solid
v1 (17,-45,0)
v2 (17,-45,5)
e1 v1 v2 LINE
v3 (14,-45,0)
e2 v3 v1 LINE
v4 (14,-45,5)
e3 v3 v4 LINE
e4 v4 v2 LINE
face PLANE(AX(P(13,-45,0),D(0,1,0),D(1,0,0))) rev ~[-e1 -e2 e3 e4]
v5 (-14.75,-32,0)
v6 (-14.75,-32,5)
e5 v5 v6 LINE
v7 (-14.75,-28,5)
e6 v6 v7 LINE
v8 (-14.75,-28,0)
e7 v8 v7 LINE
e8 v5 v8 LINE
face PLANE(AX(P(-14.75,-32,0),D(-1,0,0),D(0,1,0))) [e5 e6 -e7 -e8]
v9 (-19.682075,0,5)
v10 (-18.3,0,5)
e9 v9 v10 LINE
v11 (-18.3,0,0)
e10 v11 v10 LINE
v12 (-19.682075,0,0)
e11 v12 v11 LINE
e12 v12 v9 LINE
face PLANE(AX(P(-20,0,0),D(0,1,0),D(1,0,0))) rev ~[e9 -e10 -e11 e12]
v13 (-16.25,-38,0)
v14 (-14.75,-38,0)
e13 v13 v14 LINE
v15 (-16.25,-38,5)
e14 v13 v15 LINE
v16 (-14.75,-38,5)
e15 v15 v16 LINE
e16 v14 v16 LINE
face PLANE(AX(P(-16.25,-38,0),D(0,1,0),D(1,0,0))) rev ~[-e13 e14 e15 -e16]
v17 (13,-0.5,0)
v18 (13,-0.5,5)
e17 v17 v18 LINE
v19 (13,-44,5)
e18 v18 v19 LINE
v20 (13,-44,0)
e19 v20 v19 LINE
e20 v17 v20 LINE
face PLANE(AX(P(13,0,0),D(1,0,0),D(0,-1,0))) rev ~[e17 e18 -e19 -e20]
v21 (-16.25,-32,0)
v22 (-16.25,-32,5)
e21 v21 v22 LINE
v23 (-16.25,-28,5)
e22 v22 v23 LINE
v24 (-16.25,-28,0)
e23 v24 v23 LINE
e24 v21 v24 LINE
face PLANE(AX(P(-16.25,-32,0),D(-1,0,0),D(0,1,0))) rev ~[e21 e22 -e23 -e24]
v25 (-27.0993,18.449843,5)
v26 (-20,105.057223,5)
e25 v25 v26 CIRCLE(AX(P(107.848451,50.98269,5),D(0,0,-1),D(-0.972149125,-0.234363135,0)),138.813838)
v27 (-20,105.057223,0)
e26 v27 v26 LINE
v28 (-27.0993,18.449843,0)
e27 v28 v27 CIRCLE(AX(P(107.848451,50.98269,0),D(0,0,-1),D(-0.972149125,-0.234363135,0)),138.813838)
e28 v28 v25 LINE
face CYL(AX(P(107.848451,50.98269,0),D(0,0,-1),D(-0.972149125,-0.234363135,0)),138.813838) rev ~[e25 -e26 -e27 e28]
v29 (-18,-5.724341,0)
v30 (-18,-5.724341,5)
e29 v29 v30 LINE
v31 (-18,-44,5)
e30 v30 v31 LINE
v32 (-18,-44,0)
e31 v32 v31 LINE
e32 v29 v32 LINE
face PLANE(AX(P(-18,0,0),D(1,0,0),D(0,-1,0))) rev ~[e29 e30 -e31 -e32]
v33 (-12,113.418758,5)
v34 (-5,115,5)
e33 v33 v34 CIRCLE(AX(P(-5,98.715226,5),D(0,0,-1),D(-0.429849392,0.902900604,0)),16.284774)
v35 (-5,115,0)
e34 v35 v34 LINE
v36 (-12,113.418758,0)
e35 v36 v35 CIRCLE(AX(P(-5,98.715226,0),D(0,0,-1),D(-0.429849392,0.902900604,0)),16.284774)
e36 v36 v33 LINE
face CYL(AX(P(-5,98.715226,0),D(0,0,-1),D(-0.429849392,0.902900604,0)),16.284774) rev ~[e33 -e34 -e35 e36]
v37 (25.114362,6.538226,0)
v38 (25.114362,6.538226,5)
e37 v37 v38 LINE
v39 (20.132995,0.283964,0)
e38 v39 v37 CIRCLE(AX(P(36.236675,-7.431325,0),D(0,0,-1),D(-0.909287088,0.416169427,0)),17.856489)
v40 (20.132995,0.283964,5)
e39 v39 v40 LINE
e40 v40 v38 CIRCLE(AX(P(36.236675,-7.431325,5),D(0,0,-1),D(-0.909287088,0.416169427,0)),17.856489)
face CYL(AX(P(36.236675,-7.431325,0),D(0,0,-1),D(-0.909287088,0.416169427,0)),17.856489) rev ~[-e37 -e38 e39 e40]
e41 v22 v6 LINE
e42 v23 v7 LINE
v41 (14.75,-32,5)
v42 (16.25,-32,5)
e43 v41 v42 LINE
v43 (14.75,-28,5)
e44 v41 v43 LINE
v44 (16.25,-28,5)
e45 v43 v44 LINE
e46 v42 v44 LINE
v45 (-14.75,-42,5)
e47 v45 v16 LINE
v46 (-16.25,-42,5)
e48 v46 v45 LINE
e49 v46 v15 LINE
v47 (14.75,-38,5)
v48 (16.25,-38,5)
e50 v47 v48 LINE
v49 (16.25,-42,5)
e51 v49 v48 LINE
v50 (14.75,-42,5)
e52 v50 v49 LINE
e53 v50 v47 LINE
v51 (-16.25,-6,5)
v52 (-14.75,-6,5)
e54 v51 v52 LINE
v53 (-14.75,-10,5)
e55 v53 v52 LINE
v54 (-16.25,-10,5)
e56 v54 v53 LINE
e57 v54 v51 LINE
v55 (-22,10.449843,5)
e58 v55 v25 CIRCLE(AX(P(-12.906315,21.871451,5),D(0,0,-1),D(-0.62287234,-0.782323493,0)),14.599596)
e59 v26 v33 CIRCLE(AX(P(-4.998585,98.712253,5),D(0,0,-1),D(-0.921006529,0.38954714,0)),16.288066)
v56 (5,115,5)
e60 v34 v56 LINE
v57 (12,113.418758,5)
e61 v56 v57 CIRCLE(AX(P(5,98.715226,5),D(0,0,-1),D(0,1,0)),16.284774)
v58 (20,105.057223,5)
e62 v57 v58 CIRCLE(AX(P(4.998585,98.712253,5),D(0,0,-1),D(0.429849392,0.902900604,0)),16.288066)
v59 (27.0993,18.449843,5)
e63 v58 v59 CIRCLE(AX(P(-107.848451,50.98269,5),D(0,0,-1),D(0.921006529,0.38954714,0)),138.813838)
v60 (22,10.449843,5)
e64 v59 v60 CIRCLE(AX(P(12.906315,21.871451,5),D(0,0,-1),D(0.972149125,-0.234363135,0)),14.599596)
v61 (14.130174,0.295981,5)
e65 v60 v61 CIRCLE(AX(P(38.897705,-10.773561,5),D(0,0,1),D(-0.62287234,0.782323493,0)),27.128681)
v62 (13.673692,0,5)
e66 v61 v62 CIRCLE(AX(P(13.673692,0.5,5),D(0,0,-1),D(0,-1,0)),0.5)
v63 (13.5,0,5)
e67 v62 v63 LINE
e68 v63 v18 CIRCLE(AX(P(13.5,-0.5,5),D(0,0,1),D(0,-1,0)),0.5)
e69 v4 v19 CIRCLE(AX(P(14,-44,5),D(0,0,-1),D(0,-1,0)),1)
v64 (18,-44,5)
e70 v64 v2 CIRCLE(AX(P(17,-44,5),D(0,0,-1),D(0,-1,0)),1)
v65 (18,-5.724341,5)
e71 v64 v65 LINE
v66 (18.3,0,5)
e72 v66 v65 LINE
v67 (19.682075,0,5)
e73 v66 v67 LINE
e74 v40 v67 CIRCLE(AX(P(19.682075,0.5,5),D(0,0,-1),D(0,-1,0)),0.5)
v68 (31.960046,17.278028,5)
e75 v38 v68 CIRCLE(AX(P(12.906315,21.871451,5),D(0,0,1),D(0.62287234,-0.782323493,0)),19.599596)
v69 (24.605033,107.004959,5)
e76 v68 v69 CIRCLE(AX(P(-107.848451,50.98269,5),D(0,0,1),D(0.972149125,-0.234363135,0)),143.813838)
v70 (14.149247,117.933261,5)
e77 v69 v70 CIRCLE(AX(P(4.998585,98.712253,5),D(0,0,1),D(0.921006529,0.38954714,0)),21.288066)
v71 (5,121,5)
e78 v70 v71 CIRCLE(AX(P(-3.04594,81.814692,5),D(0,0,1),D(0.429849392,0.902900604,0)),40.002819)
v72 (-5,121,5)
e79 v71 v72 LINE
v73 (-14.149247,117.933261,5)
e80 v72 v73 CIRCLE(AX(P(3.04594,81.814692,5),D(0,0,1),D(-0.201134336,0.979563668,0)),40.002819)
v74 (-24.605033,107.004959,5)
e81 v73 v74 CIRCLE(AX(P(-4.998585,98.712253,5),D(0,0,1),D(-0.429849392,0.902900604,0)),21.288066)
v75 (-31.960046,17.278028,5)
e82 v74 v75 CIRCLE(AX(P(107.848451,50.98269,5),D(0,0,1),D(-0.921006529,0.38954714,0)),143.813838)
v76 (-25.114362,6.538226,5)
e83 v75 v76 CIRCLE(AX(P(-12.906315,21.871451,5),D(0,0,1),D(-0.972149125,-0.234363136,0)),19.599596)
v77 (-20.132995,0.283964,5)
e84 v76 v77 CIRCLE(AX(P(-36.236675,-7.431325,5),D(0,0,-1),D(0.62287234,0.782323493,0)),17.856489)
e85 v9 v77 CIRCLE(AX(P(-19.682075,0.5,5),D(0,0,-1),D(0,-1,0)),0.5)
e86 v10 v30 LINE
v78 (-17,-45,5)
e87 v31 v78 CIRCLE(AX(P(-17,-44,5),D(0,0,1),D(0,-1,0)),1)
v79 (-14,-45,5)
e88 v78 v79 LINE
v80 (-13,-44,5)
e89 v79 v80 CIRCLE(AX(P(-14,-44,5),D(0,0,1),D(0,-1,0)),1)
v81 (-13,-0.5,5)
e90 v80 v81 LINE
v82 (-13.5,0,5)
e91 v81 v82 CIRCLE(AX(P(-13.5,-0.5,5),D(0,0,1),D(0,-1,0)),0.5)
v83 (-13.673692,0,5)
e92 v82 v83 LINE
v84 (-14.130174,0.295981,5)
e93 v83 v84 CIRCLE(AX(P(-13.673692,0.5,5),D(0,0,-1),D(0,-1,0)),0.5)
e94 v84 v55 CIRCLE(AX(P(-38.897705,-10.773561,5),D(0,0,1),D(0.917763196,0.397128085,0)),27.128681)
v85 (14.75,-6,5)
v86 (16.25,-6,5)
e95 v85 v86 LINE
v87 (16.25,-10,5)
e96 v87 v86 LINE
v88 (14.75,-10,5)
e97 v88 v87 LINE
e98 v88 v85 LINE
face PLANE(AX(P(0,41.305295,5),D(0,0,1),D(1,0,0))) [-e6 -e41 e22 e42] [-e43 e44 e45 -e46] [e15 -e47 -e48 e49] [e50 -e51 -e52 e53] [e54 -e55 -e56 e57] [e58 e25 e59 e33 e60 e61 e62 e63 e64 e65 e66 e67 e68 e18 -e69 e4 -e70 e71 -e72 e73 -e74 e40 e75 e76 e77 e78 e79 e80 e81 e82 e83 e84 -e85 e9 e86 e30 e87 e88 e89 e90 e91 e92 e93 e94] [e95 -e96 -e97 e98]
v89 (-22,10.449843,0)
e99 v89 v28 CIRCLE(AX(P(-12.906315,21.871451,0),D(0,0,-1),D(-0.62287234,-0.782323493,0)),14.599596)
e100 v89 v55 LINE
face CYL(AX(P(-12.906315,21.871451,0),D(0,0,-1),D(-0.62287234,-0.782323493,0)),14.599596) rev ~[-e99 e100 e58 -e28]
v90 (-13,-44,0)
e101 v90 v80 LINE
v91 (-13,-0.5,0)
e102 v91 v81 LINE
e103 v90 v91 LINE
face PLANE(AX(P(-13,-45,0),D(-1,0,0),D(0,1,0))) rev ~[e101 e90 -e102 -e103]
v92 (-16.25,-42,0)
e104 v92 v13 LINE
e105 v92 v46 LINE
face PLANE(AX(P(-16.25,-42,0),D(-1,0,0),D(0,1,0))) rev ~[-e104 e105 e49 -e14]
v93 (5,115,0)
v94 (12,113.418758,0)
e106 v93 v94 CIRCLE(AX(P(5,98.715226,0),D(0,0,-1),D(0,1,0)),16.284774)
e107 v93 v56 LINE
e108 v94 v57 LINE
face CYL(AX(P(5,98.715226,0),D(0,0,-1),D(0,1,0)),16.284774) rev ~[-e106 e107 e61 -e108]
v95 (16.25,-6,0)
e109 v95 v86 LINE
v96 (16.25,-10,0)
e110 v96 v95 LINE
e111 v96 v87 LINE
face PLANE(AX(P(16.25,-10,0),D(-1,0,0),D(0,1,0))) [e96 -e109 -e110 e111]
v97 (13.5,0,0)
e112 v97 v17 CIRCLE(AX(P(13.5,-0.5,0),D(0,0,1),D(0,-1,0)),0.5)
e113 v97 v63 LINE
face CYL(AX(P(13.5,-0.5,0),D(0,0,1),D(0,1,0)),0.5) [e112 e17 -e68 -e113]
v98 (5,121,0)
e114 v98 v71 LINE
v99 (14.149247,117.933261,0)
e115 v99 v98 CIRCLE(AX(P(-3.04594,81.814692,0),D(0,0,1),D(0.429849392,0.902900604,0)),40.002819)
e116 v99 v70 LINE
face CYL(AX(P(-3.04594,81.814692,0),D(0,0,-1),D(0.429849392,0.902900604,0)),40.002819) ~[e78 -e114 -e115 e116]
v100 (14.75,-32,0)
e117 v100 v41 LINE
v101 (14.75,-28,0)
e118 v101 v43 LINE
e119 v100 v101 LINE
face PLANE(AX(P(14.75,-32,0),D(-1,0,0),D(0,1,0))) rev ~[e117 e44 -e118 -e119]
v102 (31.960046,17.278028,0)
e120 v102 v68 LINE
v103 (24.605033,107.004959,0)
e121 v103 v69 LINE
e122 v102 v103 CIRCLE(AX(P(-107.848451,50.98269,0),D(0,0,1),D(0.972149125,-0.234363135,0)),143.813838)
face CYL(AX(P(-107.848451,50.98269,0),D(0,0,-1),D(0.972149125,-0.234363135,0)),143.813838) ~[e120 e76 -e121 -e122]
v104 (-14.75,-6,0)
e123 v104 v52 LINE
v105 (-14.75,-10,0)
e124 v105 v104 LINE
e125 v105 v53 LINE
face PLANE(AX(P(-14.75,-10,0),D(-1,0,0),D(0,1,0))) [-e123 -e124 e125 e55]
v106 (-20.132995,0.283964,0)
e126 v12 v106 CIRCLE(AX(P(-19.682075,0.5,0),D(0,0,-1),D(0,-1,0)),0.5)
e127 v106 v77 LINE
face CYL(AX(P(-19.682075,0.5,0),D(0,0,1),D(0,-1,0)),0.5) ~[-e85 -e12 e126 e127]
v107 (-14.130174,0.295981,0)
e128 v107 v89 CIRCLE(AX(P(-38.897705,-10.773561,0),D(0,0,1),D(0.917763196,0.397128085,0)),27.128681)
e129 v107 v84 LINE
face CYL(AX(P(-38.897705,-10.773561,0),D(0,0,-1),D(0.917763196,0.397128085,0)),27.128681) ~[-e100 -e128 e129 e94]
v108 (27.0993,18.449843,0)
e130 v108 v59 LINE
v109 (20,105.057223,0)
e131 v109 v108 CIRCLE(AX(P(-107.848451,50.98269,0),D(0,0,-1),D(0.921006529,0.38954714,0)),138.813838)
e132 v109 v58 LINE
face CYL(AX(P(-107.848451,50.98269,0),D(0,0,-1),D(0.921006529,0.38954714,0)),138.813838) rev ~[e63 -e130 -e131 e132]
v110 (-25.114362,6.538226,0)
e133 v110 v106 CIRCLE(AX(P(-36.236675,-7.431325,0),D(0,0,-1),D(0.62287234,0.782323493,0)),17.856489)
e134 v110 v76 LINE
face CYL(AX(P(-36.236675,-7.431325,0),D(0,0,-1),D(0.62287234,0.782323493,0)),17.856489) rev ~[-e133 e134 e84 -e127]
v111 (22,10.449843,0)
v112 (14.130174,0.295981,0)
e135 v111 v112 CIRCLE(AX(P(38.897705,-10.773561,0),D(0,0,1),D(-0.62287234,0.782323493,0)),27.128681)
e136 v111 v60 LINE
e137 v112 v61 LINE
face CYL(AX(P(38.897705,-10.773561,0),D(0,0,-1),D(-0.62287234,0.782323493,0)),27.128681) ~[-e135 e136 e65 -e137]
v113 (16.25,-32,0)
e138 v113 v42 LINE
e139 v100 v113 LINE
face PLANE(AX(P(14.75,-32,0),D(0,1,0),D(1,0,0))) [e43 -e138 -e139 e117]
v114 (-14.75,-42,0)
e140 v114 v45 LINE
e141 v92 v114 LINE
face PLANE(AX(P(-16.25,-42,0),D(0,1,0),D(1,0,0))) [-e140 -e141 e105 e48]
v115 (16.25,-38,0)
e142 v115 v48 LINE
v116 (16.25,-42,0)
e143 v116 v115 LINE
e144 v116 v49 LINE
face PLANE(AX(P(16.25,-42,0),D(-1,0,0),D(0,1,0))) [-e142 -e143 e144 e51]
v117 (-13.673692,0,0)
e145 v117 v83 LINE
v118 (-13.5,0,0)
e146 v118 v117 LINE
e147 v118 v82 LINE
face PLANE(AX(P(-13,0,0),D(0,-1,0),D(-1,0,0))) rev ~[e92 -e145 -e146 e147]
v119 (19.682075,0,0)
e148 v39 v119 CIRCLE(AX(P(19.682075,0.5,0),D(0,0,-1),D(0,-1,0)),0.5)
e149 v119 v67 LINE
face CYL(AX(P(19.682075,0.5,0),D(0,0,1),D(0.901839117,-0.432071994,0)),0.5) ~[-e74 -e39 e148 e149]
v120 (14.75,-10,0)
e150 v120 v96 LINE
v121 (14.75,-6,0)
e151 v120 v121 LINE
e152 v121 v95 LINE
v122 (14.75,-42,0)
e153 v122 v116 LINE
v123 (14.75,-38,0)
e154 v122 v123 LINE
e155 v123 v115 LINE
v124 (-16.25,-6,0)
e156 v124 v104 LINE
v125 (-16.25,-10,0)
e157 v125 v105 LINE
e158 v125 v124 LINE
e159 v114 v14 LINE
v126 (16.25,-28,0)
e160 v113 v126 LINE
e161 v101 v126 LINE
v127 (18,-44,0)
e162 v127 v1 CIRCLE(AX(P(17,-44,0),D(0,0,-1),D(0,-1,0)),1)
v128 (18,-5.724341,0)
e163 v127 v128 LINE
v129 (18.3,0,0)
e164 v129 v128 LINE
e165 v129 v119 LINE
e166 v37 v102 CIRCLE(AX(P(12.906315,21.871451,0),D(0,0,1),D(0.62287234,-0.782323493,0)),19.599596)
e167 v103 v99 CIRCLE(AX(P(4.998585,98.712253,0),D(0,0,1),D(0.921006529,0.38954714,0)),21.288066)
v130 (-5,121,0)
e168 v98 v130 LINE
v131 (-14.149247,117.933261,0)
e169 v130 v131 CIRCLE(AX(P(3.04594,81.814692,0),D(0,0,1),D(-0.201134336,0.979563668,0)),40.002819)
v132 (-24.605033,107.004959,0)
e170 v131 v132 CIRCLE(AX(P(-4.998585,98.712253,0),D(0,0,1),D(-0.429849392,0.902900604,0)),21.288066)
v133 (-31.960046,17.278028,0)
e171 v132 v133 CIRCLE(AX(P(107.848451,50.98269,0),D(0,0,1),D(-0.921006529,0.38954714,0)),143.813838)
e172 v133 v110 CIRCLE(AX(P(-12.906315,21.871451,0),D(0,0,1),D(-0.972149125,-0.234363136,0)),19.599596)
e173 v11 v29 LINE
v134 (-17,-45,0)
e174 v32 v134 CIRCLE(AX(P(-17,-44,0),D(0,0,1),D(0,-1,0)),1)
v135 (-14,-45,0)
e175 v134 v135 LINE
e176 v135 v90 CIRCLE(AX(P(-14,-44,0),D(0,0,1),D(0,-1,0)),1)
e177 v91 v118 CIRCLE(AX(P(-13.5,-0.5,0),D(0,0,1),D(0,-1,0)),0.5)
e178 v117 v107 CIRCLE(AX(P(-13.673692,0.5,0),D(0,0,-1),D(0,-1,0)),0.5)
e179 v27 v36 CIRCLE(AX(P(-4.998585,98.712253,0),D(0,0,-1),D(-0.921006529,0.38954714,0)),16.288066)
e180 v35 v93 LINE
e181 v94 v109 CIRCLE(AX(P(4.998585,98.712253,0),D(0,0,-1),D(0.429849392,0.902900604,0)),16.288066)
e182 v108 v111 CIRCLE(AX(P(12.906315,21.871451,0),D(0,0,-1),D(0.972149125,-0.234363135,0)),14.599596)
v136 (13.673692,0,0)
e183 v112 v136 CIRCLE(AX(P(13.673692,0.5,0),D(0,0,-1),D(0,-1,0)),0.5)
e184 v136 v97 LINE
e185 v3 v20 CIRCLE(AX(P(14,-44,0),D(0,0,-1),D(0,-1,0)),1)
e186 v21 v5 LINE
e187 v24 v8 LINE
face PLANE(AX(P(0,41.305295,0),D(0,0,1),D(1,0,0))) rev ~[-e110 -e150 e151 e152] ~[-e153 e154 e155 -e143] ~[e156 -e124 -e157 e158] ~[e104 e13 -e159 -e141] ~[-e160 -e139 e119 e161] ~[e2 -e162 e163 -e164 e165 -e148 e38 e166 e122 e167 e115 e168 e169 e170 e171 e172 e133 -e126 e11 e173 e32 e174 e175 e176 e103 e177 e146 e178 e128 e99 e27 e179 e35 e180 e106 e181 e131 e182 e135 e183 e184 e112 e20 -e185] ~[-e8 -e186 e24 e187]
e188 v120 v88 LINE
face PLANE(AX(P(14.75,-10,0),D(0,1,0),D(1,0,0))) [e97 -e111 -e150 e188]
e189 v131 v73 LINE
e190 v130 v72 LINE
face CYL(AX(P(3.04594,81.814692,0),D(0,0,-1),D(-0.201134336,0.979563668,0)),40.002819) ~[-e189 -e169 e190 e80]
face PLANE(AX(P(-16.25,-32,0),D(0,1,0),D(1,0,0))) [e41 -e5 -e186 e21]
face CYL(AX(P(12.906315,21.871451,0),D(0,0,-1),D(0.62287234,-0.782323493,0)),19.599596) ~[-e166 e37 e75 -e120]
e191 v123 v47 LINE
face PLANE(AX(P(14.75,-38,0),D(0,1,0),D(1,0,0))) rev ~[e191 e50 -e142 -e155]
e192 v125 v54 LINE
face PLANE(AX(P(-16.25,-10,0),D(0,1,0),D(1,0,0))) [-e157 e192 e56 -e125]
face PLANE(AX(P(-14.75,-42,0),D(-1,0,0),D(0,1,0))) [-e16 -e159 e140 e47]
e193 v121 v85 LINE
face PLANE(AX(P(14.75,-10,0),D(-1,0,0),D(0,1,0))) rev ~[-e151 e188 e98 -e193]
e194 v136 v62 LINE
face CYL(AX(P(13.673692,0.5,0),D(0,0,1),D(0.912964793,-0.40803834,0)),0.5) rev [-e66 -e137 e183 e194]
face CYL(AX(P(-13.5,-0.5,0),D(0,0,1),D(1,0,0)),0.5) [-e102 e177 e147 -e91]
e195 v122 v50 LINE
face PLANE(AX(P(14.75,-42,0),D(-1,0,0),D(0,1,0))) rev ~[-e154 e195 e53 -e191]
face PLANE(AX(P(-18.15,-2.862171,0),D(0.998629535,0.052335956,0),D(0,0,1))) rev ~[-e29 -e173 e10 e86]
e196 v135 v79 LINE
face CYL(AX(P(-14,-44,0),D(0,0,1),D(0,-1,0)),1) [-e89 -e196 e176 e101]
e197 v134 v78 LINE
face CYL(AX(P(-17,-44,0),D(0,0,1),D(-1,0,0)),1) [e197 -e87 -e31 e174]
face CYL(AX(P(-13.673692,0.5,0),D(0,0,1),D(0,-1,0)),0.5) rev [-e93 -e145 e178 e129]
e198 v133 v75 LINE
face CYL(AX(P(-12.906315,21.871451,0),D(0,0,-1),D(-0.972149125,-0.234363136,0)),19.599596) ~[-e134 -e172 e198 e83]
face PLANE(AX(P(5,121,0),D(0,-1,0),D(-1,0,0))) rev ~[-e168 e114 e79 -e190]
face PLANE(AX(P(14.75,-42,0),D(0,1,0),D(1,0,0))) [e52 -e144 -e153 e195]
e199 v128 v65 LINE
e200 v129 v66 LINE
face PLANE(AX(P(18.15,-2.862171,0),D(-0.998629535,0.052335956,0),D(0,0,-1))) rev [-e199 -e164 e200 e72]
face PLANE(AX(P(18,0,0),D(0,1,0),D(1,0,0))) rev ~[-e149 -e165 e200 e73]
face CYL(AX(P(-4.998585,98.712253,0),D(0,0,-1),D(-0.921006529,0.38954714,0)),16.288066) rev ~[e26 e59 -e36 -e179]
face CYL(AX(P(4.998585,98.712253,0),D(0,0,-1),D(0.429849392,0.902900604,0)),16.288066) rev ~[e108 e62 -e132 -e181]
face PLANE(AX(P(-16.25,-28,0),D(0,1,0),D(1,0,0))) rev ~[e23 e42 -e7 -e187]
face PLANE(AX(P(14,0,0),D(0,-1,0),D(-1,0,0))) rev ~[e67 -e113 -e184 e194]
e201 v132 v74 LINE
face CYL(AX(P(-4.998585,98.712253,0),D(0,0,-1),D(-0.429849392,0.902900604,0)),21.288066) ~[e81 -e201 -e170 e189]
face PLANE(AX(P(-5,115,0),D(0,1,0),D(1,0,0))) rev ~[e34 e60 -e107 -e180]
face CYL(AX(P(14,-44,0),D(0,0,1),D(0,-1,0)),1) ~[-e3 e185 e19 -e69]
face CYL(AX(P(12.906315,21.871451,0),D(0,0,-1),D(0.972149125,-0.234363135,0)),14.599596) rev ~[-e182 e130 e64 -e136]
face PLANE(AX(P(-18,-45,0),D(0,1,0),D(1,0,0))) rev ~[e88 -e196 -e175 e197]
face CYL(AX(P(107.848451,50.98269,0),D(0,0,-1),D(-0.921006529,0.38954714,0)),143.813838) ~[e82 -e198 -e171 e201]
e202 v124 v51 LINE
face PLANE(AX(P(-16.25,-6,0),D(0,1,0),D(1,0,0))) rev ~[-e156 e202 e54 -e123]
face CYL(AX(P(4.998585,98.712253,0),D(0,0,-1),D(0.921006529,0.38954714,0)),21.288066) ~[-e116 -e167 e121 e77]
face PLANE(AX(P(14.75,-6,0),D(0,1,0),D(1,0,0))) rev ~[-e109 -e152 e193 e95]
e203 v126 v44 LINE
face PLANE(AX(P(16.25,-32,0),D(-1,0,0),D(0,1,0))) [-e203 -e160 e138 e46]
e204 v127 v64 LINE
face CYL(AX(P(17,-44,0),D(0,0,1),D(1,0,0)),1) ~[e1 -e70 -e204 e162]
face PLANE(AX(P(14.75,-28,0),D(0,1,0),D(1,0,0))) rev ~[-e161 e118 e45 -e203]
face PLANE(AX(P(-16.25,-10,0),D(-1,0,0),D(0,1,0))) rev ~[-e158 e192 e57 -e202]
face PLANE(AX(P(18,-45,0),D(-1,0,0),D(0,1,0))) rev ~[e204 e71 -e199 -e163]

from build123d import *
from OCP.BRepFilletAPI import BRepFilletAPI_MakeChamfer

# Parameters (mm, degrees)
SKETCH1_W           = 1.5
SKETCH1_H           = 4
BOSS_EXTRUDE2_DEPTH = 5
FILLET1_R           = 0.5
CHAMFER1_SIZE       = 0.3
CHAMFER1_SIZE2      = 5.724341006
FILLET2_R           = 1


with BuildPart() as part:
    # Sketch1 → Boss-Extrude2 (new body)
    with BuildSketch(Plane.XY):
        with BuildLine():
            Line((-18, 0), (-18, -45))
            Line((-18, -45), (-13, -45))
            Line((-13, -45), (-13, 0))
            Line((-13, 0), (-14, 0))
            ThreePointArc((-14, 0), (-17.356723571, 5.717389506), (-22, 10.449843403))
            ThreePointArc((-22, 10.449843403), (-25.217580201, 14.024096355), (-27.099300045, 18.449843403))
            ThreePointArc((-27.099300045, 18.449843403), (-30.501361107, 62.323372475), (-20, 105.057223081))
            ThreePointArc((-20, 105.057223081), (-16.767609995, 109.972410851), (-12, 113.418758324))
            ThreePointArc((-12, 113.418758324), (-8.588186354, 114.5997714), (-5, 115))
            Line((-5, 115), (0, 115))
            Line((0, 115), (5, 115))
            ThreePointArc((5, 115), (8.588186354, 114.5997714), (12, 113.418758324))
            ThreePointArc((12, 113.418758324), (16.767609995, 109.972410851), (20, 105.057223081))
            ThreePointArc((20, 105.057223081), (30.501361107, 62.323372475), (27.099300045, 18.449843403))
            ThreePointArc((27.099300045, 18.449843403), (25.217580201, 14.024096355), (22, 10.449843403))
            ThreePointArc((22, 10.449843403), (17.356723571, 5.717389506), (14, 0))
            Line((14, 0), (13, 0))
            Line((13, 0), (13, -45))
            Line((13, -45), (18, -45))
            Line((18, -45), (18, 0))
            Line((18, 0), (20, 0))
            ThreePointArc((20, 0), (22.171979479, 3.570426989), (25.114361701, 6.538225938))
            ThreePointArc((25.114361701, 6.538225938), (29.4338834, 11.336571968), (31.960045669, 17.278027726))
            ThreePointArc((31.960045669, 17.278027726), (35.484647146, 62.731857791), (24.605032643, 107.004958781))
            ThreePointArc((24.605032643, 107.004958781), (20.380385499, 113.428977522), (14.149246958, 117.933261343))
            ThreePointArc((14.149246958, 117.933261343), (9.667432642, 119.743515679), (5, 121))
            Line((5, 121), (-5, 121))
            ThreePointArc((-5, 121), (-9.667432642, 119.743515679), (-14.149246958, 117.933261343))
            ThreePointArc((-14.149246958, 117.933261343), (-20.380385499, 113.428977522), (-24.605032643, 107.004958781))
            ThreePointArc((-24.605032643, 107.004958781), (-35.484647146, 62.731857791), (-31.960045669, 17.278027726))
            ThreePointArc((-31.960045669, 17.278027726), (-29.4338834, 11.336571968), (-25.114361701, 6.538225938))
            ThreePointArc((-25.114361701, 6.538225938), (-22.171979479, 3.570426989), (-20, 0))
            Line((-20, 0), (-18, 0))
        make_face()
        with Locations((15.5, -8)):
            Rectangle(SKETCH1_W, SKETCH1_H, mode=Mode.SUBTRACT)
        with Locations((-15.5, -40)):
            Rectangle(SKETCH1_W, SKETCH1_H, mode=Mode.SUBTRACT)
        with Locations((15.5, -40)):
            Rectangle(SKETCH1_W, SKETCH1_H, mode=Mode.SUBTRACT)
        with Locations((-15.5, -8)):
            Rectangle(SKETCH1_W, SKETCH1_H, mode=Mode.SUBTRACT)
        with Locations((-15.5, -30)):
            Rectangle(SKETCH1_W, SKETCH1_H, mode=Mode.SUBTRACT)
        with Locations((15.5, -30)):
            Rectangle(SKETCH1_W, SKETCH1_H, mode=Mode.SUBTRACT)
    extrude(amount=BOSS_EXTRUDE2_DEPTH)

    # Fillet1
    fillet1_edges = [part.edges().sort_by_distance(p)[0] for p in [
        (-20, 0, 2.5),
        (20, 0, 2.5),
        (13, 0, 2.5),
        (14, 0, 2.5),
        (-14, 0, 2.5),
        (-13, 0, 2.5),
    ]]
    fillet(fillet1_edges, radius=FILLET1_R)

    # Chamfer1: one chamfer whose edges measure the first distance from different faces: ONE call of the kernel's chamfer builder (chamfer() names one face for all edges)
    chamfer1_edges_1 = [part.edges().sort_by_distance(p)[0] for p in [
        (-18, 0, 2.5),
    ]]
    chamfer1_side_1 = [part.faces().sort_by_distance(p)[0] for p in [
        (-18.841037528, 0, 2.5),
    ]]
    chamfer1_edges_2 = [part.edges().sort_by_distance(p)[0] for p in [
        (18, 0, 2.5),
    ]]
    chamfer1_side_2 = [part.faces().sort_by_distance(p)[0] for p in [
        (18.841037528, 0, 2.5),
    ]]
    chamfer1 = BRepFilletAPI_MakeChamfer(part.part.solid().wrapped)
    for e in chamfer1_edges_1:
        chamfer1.Add(CHAMFER1_SIZE, CHAMFER1_SIZE2, e.wrapped, chamfer1_side_1[0].wrapped)  # the first distance lies on this face
    for e in chamfer1_edges_2:
        chamfer1.Add(CHAMFER1_SIZE, CHAMFER1_SIZE2, e.wrapped, chamfer1_side_2[0].wrapped)  # the first distance lies on this face
    add(Compound.cast(chamfer1.Shape()), mode=Mode.REPLACE)

    # Fillet2
    fillet2_edges = [part.edges().sort_by_distance(p)[0] for p in [
        (-13, -45, 2.5),
        (-18, -45, 2.5),
        (18, -45, 2.5),
        (13, -45, 2.5),
    ]]
    fillet(fillet2_edges, radius=FILLET2_R)


solid = part.part
